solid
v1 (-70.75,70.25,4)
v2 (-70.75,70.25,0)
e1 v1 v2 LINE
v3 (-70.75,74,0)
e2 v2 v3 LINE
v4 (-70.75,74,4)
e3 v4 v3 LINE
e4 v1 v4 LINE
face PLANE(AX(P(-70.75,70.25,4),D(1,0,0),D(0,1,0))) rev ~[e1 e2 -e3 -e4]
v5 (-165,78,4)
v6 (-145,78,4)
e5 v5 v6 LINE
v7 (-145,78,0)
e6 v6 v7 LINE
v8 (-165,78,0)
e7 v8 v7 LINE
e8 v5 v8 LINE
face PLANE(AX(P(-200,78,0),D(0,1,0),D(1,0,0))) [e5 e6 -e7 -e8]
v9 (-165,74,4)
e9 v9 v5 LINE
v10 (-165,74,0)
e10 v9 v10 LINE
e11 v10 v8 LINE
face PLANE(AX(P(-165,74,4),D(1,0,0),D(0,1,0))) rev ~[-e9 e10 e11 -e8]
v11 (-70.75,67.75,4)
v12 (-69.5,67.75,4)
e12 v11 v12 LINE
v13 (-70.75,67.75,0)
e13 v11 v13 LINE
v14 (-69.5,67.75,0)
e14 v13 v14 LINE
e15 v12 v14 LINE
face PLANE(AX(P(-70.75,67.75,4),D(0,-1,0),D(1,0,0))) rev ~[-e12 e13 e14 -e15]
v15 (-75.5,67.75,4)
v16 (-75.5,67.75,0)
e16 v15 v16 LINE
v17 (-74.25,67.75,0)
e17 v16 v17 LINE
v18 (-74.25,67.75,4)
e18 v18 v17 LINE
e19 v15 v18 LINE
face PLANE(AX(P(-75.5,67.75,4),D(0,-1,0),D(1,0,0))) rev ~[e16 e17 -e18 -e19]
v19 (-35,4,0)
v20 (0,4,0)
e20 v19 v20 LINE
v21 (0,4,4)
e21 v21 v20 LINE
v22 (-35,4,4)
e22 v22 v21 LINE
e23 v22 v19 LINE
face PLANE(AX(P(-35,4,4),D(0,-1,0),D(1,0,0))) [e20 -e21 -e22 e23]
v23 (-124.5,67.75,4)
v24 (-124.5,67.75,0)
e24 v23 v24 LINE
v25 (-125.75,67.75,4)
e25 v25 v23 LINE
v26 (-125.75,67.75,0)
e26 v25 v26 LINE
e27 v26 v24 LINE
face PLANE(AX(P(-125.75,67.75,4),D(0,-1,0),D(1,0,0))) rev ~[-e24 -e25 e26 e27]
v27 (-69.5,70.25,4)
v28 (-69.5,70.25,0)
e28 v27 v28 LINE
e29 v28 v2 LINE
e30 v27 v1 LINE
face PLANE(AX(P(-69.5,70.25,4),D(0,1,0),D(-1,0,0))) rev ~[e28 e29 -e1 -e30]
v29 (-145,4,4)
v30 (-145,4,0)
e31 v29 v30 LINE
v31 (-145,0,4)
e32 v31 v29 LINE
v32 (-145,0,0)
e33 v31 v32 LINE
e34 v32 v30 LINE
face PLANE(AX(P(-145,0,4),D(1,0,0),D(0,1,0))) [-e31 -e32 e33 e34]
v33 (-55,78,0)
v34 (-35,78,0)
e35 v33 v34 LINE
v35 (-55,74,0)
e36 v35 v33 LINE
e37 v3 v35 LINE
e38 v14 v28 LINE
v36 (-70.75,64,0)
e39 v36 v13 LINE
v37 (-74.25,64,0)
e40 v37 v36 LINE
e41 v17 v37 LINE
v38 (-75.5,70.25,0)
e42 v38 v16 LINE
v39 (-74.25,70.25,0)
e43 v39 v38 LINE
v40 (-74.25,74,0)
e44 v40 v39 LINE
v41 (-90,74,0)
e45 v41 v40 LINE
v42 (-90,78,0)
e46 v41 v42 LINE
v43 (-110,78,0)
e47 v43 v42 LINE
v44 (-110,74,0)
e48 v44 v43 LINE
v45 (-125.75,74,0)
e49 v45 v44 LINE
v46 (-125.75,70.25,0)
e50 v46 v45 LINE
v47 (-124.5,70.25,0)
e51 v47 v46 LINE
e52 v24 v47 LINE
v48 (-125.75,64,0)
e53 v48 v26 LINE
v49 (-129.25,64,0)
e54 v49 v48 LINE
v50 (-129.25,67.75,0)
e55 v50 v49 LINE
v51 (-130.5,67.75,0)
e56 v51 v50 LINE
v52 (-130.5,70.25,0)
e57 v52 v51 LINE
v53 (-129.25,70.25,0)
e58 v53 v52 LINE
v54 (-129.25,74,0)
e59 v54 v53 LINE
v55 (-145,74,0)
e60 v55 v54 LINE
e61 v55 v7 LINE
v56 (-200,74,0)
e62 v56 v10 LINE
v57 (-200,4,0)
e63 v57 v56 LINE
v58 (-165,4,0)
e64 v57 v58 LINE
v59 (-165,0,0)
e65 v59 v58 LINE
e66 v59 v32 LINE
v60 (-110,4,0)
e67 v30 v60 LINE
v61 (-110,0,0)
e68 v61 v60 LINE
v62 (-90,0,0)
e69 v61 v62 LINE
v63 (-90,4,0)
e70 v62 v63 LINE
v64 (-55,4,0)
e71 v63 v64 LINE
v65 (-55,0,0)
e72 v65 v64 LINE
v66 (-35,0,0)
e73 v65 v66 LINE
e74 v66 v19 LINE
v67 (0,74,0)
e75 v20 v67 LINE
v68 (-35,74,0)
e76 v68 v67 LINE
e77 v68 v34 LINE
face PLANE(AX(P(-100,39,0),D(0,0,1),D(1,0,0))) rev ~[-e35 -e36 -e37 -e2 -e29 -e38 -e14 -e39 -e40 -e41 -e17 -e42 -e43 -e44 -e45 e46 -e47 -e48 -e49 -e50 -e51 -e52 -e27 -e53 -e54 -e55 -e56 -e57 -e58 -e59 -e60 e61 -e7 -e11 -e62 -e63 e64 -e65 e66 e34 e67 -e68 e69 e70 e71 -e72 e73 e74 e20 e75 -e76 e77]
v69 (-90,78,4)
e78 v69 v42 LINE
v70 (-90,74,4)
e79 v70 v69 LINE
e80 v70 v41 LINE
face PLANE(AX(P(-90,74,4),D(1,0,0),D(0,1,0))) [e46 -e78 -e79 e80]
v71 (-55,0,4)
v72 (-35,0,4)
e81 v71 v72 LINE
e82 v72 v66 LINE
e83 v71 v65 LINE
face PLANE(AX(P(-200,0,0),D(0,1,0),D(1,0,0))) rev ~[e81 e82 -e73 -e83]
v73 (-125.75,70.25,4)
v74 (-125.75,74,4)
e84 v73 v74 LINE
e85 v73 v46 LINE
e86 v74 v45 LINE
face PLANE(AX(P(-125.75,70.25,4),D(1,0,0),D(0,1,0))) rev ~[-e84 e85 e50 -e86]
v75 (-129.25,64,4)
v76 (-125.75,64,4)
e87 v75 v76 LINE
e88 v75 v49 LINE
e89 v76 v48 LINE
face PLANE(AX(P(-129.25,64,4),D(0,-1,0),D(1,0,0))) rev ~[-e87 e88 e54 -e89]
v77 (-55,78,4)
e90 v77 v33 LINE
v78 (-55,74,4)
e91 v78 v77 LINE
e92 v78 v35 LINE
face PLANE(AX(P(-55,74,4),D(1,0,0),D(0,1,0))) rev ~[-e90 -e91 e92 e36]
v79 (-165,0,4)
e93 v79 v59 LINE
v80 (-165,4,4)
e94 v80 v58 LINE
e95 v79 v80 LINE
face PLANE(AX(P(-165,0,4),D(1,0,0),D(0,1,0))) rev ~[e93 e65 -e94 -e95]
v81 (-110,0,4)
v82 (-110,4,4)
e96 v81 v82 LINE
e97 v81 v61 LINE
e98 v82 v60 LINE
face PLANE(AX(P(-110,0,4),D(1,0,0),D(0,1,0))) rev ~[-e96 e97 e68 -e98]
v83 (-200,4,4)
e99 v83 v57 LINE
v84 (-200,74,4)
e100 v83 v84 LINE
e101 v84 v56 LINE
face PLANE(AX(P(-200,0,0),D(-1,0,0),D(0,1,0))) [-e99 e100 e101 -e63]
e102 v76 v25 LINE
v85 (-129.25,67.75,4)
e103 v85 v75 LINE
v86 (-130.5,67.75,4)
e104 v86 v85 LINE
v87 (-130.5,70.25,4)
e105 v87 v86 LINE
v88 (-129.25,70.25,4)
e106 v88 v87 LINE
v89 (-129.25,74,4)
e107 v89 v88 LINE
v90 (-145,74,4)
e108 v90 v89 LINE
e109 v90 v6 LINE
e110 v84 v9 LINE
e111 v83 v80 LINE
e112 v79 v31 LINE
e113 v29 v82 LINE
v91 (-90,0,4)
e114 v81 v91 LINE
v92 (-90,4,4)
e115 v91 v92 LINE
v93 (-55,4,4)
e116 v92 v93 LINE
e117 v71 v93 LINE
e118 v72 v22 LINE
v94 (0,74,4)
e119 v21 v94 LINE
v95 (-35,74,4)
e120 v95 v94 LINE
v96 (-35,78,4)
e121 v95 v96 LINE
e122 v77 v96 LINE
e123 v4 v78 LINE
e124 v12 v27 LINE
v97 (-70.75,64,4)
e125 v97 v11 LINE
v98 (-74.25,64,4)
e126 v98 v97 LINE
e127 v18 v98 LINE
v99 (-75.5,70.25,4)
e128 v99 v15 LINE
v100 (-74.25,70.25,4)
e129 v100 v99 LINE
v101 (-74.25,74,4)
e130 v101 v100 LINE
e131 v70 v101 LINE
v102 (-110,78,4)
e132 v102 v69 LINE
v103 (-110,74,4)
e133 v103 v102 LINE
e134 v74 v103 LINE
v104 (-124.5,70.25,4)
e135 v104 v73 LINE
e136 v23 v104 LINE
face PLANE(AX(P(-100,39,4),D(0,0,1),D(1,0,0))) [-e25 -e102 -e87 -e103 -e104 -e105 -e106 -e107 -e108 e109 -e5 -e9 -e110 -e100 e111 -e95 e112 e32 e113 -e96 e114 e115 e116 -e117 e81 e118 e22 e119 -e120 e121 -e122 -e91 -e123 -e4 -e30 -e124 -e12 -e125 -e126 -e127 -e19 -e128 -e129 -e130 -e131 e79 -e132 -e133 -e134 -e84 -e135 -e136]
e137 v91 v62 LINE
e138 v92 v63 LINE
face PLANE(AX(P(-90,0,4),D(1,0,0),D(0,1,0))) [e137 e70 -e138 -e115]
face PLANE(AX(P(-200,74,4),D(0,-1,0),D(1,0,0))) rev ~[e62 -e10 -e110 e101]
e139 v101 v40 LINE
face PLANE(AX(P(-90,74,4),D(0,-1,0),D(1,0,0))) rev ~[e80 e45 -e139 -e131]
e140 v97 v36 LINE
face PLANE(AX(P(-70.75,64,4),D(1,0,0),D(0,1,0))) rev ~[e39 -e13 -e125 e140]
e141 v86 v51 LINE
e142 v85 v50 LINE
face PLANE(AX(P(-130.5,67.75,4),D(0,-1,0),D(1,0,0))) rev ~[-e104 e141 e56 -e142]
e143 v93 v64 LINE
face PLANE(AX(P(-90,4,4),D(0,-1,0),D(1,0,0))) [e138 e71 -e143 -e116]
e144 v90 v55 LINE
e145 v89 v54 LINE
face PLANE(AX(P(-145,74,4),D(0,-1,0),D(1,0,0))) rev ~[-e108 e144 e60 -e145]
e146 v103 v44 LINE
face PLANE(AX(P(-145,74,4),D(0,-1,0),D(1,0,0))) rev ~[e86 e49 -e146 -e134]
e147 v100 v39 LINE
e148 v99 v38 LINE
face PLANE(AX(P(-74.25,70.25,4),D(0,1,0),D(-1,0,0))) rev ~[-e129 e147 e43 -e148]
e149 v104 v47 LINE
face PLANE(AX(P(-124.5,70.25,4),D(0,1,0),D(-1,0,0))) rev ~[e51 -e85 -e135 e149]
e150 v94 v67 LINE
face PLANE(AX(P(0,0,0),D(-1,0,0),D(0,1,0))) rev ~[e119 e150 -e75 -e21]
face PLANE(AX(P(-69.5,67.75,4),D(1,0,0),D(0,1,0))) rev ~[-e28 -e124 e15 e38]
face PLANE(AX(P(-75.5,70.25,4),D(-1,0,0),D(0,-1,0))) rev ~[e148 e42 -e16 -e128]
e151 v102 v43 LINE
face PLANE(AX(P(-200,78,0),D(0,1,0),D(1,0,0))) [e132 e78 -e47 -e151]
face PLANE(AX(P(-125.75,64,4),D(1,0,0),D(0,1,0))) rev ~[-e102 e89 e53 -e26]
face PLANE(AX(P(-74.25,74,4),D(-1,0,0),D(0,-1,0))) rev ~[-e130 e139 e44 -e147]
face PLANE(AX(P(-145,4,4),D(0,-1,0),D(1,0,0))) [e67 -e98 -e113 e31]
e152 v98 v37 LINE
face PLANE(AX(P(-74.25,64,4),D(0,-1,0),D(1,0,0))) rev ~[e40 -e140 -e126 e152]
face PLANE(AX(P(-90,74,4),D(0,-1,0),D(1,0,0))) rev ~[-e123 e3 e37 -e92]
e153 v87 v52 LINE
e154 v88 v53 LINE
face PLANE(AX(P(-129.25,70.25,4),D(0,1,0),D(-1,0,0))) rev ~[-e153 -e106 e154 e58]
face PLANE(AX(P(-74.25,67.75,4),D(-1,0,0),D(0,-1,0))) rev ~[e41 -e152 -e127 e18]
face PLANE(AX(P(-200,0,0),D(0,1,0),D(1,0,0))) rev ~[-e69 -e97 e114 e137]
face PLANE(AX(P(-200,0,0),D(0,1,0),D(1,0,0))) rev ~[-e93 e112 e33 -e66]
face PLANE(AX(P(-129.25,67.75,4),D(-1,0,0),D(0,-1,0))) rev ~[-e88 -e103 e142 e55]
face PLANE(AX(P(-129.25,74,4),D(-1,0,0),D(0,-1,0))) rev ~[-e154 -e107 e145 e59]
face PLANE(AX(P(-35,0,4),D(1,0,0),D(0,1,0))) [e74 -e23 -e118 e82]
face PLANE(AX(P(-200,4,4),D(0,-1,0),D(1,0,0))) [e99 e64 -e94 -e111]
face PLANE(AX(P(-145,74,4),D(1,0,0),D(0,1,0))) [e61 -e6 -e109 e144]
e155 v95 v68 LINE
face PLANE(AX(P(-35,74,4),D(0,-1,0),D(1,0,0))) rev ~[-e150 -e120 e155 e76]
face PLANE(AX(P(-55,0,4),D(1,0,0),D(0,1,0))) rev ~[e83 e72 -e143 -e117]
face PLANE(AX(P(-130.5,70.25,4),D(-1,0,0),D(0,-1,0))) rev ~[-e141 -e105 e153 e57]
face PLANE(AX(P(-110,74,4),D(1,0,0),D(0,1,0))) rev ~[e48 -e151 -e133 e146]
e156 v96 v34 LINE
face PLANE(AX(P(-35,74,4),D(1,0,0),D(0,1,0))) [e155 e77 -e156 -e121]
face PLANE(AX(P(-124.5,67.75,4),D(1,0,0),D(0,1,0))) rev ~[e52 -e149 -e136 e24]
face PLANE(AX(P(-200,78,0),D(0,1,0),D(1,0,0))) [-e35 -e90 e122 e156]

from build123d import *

# Parameters (mm, degrees)
SKETCH1_W           = 200
SKETCH1_H           = 78
BOSS_EXTRUDE1_DEPTH = 4
SKETCH2_W           = 35
SKETCH2_H           = 4
CUT_EXTRUDE1_DEPTH  = 4
CUT_EXTRUDE2_DEPTH  = 4


with BuildPart() as part:
    # Sketch1 → Boss-Extrude1 (new body)
    with BuildSketch(Plane.XY):
        with Locations((-100, 39)):
            Rectangle(SKETCH1_W, SKETCH1_H)
    extrude(amount=BOSS_EXTRUDE1_DEPTH)

    # Sketch2 → Cut-Extrude1 (cut)
    with BuildSketch(Plane.XY.offset(4)):
        with Locations((-182.5, 76)):
            Rectangle(SKETCH2_W, SKETCH2_H)
        with Locations((-127.5, 76)):
            Rectangle(SKETCH2_W, SKETCH2_H)
        with Locations((-72.5, 76)):
            Rectangle(SKETCH2_W, SKETCH2_H)
        with Locations((-17.5, 76)):
            Rectangle(SKETCH2_W, SKETCH2_H)
        with Locations((-182.5, 2)):
            Rectangle(SKETCH2_W, SKETCH2_H)
        with Locations((-127.5, 2)):
            Rectangle(SKETCH2_W, SKETCH2_H)
        with Locations((-72.5, 2)):
            Rectangle(SKETCH2_W, SKETCH2_H)
        with Locations((-17.5, 2)):
            Rectangle(SKETCH2_W, SKETCH2_H)
    extrude(amount=-CUT_EXTRUDE1_DEPTH, mode=Mode.SUBTRACT)

    # Sketch4 → Cut-Extrude2 (cut)
    with BuildSketch(Plane.XY.offset(4)):
        Polygon((-125.75, 74), (-129.25, 74), (-129.25, 70.25), (-130.5, 70.25), (-130.5, 67.75), (-129.25, 67.75), (-129.25, 64), (-125.75, 64), (-125.75, 67.75), (-124.5, 67.75), (-124.5, 70.25), (-125.75, 70.25), align=None)
        Polygon((-70.75, 67.75), (-69.5, 67.75), (-69.5, 70.25), (-70.75, 70.25), (-70.75, 74), (-74.25, 74), (-74.25, 70.25), (-75.5, 70.25), (-75.5, 67.75), (-74.25, 67.75), (-74.25, 64), (-70.75, 64), align=None)
    extrude(amount=-CUT_EXTRUDE2_DEPTH, mode=Mode.SUBTRACT)


solid = part.part
